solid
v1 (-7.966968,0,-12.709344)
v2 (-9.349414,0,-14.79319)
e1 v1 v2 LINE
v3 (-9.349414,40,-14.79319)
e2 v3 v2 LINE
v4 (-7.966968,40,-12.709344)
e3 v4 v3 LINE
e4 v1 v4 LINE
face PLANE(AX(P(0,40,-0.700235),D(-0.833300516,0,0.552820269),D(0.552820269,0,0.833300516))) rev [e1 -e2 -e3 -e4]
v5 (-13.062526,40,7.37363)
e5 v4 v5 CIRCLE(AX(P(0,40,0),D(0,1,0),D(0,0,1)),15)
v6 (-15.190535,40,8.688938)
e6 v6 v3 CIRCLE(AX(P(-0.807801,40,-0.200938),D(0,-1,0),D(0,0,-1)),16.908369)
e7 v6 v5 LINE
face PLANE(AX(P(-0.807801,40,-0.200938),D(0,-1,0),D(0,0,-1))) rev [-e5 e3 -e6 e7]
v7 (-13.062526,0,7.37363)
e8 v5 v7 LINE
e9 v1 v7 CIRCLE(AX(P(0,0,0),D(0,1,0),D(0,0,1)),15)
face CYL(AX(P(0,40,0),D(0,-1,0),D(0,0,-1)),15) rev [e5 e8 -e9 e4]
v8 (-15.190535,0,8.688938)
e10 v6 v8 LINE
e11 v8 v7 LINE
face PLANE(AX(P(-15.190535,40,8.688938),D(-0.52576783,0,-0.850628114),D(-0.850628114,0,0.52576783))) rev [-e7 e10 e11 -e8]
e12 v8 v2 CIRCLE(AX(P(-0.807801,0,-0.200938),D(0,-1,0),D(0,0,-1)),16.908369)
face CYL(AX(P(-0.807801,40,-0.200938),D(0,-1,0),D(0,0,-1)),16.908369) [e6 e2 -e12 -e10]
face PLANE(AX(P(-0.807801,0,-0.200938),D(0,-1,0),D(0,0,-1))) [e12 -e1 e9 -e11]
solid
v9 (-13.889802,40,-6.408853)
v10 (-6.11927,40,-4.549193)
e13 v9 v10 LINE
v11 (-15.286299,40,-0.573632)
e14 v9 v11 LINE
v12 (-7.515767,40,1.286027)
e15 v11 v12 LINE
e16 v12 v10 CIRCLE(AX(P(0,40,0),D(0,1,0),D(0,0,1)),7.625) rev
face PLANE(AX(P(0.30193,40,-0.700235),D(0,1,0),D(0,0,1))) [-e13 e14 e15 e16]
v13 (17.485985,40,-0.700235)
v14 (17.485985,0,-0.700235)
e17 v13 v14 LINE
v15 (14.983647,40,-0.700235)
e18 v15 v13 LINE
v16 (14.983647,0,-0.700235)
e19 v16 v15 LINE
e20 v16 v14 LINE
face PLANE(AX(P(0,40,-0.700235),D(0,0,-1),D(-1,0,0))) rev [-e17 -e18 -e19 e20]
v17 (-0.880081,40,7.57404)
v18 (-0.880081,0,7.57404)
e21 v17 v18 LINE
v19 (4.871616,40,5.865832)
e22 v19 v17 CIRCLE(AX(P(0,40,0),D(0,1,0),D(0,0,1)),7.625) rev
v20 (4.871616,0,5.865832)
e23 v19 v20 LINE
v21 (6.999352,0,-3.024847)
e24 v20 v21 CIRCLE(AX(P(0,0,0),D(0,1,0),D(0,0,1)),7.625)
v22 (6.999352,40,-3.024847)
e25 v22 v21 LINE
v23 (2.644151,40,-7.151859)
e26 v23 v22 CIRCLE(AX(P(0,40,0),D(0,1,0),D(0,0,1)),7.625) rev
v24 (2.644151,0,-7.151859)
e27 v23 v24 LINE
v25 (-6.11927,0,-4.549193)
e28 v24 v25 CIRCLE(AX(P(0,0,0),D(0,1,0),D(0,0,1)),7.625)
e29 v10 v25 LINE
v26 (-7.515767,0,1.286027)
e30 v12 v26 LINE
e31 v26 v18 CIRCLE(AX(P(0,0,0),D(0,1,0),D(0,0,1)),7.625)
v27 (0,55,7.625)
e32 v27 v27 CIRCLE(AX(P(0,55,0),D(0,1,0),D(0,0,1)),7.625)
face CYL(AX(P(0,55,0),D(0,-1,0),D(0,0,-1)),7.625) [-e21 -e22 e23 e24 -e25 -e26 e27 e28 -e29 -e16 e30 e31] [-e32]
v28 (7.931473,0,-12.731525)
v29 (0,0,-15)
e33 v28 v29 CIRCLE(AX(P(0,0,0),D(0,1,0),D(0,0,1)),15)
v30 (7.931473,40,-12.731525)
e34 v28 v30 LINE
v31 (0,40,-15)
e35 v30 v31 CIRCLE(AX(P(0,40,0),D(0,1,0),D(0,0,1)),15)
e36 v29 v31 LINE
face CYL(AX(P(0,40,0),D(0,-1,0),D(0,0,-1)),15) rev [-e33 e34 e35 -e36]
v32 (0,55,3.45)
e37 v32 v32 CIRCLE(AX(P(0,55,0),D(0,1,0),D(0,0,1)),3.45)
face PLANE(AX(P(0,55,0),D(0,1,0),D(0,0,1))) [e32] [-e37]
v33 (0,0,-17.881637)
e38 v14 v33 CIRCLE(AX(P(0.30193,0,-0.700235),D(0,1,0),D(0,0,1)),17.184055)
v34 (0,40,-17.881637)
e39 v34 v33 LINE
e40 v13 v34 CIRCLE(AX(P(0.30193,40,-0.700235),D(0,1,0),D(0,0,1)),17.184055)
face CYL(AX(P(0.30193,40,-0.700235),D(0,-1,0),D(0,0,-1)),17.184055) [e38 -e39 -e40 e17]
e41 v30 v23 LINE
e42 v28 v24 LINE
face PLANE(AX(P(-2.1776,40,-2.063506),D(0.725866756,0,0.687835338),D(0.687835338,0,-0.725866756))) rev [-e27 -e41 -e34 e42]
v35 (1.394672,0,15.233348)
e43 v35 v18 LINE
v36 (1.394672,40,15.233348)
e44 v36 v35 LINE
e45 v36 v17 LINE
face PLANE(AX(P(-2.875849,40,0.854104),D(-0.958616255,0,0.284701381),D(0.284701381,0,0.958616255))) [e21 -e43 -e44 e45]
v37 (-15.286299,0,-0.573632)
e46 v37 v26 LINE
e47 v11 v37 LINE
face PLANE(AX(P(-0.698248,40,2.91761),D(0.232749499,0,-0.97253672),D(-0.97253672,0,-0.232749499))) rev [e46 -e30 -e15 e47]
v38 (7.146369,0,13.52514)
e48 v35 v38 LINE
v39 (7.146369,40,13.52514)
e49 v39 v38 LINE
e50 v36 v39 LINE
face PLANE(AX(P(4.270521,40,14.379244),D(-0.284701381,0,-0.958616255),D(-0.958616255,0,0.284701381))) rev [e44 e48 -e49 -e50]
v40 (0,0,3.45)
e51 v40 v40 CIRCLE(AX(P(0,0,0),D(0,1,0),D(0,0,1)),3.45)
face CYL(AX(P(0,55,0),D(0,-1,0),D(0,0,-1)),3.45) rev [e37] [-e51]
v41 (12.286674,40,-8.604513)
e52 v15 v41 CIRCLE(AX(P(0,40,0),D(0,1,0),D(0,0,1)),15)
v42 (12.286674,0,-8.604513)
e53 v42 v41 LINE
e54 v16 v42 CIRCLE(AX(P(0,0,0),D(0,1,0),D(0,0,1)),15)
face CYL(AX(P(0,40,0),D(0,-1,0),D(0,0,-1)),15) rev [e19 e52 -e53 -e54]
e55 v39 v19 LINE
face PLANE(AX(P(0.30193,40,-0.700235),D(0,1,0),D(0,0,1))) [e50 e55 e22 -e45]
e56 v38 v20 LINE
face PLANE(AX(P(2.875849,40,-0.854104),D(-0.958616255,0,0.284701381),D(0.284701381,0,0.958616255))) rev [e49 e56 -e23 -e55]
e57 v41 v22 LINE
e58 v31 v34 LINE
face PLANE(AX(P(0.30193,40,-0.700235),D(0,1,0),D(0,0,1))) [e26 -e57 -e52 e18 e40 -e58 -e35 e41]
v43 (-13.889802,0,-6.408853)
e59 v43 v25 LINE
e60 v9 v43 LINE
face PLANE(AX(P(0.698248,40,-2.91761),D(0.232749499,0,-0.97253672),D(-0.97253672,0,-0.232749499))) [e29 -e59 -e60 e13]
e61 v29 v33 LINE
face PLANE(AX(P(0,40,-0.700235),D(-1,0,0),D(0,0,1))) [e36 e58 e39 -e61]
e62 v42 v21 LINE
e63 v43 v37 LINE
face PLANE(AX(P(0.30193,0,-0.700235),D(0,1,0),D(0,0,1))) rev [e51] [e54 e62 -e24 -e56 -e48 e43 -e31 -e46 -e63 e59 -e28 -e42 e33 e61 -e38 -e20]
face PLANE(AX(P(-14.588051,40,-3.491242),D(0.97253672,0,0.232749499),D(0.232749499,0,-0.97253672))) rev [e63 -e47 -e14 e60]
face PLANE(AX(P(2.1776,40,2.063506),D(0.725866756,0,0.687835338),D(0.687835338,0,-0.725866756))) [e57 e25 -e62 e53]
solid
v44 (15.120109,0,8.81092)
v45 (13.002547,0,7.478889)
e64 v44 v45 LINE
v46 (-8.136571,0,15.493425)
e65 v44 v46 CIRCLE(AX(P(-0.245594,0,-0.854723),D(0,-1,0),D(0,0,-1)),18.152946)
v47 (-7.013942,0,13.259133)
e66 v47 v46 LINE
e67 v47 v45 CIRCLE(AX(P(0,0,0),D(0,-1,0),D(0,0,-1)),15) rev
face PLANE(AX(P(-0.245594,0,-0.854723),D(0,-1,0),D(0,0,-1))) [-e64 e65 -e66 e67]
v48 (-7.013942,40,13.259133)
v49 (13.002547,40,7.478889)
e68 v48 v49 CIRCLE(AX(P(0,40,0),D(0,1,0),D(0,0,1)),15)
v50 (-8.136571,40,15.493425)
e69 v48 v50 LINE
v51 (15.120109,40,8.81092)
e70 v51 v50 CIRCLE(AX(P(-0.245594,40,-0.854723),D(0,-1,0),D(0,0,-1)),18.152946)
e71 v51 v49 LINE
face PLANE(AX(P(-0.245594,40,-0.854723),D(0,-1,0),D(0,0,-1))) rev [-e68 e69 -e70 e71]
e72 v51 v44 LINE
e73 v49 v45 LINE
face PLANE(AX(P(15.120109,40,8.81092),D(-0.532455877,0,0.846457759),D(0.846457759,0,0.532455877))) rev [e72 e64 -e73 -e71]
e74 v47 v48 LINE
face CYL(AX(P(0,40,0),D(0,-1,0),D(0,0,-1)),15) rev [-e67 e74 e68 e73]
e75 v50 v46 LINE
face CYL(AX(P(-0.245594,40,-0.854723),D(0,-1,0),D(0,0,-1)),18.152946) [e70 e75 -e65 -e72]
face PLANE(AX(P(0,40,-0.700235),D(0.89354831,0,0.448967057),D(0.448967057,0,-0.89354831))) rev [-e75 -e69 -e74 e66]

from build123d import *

# Parameters (mm, degrees)
BOSS_EXTRUDE6_DEPTH   = 40
BOSS_EXTRUDE6_2_DEPTH = 40
BOSS_EXTRUDE6_3_DEPTH = 40
SKETCH12_R            = 15
CUT_EXTRUDE9_DEPTH    = 40
BOSS_EXTRUDE8_DEPTH   = 40
SKETCH18_R            = 7.625
BOSS_EXTRUDE9_DEPTH   = 55
SKETCH22_R            = 3.45
CUT_EXTRUDE13_DEPTH   = 61.487275479


with BuildPart() as part:
    # Sketch11 → Boss-Extrude6 (new body)
    with BuildSketch(Plane(origin=(0, 0, 0), x_dir=(1, 0, 0), z_dir=(0, 1, 0))):
        with BuildLine():
            ThreePointArc((-9.349413612, 14.793189822), (-17.216152438, 4.282475359), (-15.190534929, -8.688938287))
            Line((-15.190534929, -8.688938287), (0, 0.700234787))
            Line((0, 0.700234787), (-9.349413612, 14.793189822))
        make_face()
    extrude(amount=BOSS_EXTRUDE6_DEPTH)


with BuildPart() as body_2:
    # Sketch11 → Boss-Extrude6 2 (new body)
    with BuildSketch(Plane(origin=(0, 0, 0), x_dir=(1, 0, 0), z_dir=(0, 1, 0))):
        with BuildLine():
            Line((0, 17.881636961), (0, 0.700234787))
            Line((0, 0.700234787), (17.485984995, 0.700234787))
            ThreePointArc((17.485984995, 0.700234787), (12.345670366, 12.957480113), (0, 17.881636961))
        make_face()
    extrude(amount=BOSS_EXTRUDE6_2_DEPTH)


with BuildPart() as body_3:
    # Sketch11 → Boss-Extrude6 3 (new body)
    with BuildSketch(Plane(origin=(0, 0, 0), x_dir=(1, 0, 0), z_dir=(0, 1, 0))):
        with BuildLine():
            Line((15.120108753, -8.810920002), (0, 0.700234787))
            Line((0, 0.700234787), (-8.136571383, -15.49342461))
            ThreePointArc((-8.136571383, -15.49342461), (4.767573461, -16.592271542), (15.120108753, -8.810920002))
        make_face()
    extrude(amount=BOSS_EXTRUDE6_3_DEPTH)


with BuildPart() as cut_extrude9_tool:
    # Sketch12 → Cut-Extrude9 (new body)
    with BuildSketch(Plane(origin=(0, 0, 0), x_dir=(1, 0, 0), z_dir=(0, 1, 0))):
        Circle(SKETCH12_R)
    extrude(amount=CUT_EXTRUDE9_DEPTH)


with BuildPart() as part_1:
    add(part.part)

    # Cut-Extrude9: cut by cut_extrude9_tool
    add(cut_extrude9_tool.part, mode=Mode.SUBTRACT)


with BuildPart() as body_2_1:
    add(body_2.part)

    # Cut-Extrude9: cut by cut_extrude9_tool
    add(cut_extrude9_tool.part, mode=Mode.SUBTRACT)



with BuildPart() as body_3_1:
    add(body_3.part)

    # Cut-Extrude9: cut by cut_extrude9_tool
    add(cut_extrude9_tool.part, mode=Mode.SUBTRACT)


with BuildPart() as body_4:
    # Sketch17 → Boss-Extrude8 (new body)
    with BuildSketch(Plane(origin=(0, 0, 0), x_dir=(1, 0, 0), z_dir=(0, 1, 0))):
        Polygon((-15.286299289, 0.573632321), (-2.382731506, -2.514476202), (1.394671955, -15.233347962), (7.146369483, -13.525139675), (3.368966021, -0.806267914), (12.495130342, 8.824495324), (8.139929807, 12.951507354), (-0.986234515, 3.320744116), (-13.889802298, 6.408852638), align=None)
    extrude(amount=BOSS_EXTRUDE8_DEPTH)


with BuildPart() as body_2_2:
    add(body_2_1.part)

    add(body_4.part)  # Boss-Extrude9 merges body 4
    # Sketch18 → Boss-Extrude9 (add)
    with BuildSketch(Plane(origin=(0, 0, 0), x_dir=(1, 0, 0), z_dir=(0, 1, 0))):
        with Locations(Location((0, 0, 0), (0, 0, 69.709879326))):
            Circle(SKETCH18_R)
    extrude(amount=BOSS_EXTRUDE9_DEPTH)

    # Sketch22 → Cut-Extrude13 (cut, through all)
    with BuildSketch(Plane(origin=(0, 0, 0), x_dir=(1, 0, 0), z_dir=(0, 1, 0))):
        with Locations(Location((0, 0, 0), (0, 0, 270))):
            Circle(SKETCH22_R)
    extrude(amount=CUT_EXTRUDE13_DEPTH, mode=Mode.SUBTRACT)


solid = Compound([part_1.part, body_3_1.part, body_2_2.part])
